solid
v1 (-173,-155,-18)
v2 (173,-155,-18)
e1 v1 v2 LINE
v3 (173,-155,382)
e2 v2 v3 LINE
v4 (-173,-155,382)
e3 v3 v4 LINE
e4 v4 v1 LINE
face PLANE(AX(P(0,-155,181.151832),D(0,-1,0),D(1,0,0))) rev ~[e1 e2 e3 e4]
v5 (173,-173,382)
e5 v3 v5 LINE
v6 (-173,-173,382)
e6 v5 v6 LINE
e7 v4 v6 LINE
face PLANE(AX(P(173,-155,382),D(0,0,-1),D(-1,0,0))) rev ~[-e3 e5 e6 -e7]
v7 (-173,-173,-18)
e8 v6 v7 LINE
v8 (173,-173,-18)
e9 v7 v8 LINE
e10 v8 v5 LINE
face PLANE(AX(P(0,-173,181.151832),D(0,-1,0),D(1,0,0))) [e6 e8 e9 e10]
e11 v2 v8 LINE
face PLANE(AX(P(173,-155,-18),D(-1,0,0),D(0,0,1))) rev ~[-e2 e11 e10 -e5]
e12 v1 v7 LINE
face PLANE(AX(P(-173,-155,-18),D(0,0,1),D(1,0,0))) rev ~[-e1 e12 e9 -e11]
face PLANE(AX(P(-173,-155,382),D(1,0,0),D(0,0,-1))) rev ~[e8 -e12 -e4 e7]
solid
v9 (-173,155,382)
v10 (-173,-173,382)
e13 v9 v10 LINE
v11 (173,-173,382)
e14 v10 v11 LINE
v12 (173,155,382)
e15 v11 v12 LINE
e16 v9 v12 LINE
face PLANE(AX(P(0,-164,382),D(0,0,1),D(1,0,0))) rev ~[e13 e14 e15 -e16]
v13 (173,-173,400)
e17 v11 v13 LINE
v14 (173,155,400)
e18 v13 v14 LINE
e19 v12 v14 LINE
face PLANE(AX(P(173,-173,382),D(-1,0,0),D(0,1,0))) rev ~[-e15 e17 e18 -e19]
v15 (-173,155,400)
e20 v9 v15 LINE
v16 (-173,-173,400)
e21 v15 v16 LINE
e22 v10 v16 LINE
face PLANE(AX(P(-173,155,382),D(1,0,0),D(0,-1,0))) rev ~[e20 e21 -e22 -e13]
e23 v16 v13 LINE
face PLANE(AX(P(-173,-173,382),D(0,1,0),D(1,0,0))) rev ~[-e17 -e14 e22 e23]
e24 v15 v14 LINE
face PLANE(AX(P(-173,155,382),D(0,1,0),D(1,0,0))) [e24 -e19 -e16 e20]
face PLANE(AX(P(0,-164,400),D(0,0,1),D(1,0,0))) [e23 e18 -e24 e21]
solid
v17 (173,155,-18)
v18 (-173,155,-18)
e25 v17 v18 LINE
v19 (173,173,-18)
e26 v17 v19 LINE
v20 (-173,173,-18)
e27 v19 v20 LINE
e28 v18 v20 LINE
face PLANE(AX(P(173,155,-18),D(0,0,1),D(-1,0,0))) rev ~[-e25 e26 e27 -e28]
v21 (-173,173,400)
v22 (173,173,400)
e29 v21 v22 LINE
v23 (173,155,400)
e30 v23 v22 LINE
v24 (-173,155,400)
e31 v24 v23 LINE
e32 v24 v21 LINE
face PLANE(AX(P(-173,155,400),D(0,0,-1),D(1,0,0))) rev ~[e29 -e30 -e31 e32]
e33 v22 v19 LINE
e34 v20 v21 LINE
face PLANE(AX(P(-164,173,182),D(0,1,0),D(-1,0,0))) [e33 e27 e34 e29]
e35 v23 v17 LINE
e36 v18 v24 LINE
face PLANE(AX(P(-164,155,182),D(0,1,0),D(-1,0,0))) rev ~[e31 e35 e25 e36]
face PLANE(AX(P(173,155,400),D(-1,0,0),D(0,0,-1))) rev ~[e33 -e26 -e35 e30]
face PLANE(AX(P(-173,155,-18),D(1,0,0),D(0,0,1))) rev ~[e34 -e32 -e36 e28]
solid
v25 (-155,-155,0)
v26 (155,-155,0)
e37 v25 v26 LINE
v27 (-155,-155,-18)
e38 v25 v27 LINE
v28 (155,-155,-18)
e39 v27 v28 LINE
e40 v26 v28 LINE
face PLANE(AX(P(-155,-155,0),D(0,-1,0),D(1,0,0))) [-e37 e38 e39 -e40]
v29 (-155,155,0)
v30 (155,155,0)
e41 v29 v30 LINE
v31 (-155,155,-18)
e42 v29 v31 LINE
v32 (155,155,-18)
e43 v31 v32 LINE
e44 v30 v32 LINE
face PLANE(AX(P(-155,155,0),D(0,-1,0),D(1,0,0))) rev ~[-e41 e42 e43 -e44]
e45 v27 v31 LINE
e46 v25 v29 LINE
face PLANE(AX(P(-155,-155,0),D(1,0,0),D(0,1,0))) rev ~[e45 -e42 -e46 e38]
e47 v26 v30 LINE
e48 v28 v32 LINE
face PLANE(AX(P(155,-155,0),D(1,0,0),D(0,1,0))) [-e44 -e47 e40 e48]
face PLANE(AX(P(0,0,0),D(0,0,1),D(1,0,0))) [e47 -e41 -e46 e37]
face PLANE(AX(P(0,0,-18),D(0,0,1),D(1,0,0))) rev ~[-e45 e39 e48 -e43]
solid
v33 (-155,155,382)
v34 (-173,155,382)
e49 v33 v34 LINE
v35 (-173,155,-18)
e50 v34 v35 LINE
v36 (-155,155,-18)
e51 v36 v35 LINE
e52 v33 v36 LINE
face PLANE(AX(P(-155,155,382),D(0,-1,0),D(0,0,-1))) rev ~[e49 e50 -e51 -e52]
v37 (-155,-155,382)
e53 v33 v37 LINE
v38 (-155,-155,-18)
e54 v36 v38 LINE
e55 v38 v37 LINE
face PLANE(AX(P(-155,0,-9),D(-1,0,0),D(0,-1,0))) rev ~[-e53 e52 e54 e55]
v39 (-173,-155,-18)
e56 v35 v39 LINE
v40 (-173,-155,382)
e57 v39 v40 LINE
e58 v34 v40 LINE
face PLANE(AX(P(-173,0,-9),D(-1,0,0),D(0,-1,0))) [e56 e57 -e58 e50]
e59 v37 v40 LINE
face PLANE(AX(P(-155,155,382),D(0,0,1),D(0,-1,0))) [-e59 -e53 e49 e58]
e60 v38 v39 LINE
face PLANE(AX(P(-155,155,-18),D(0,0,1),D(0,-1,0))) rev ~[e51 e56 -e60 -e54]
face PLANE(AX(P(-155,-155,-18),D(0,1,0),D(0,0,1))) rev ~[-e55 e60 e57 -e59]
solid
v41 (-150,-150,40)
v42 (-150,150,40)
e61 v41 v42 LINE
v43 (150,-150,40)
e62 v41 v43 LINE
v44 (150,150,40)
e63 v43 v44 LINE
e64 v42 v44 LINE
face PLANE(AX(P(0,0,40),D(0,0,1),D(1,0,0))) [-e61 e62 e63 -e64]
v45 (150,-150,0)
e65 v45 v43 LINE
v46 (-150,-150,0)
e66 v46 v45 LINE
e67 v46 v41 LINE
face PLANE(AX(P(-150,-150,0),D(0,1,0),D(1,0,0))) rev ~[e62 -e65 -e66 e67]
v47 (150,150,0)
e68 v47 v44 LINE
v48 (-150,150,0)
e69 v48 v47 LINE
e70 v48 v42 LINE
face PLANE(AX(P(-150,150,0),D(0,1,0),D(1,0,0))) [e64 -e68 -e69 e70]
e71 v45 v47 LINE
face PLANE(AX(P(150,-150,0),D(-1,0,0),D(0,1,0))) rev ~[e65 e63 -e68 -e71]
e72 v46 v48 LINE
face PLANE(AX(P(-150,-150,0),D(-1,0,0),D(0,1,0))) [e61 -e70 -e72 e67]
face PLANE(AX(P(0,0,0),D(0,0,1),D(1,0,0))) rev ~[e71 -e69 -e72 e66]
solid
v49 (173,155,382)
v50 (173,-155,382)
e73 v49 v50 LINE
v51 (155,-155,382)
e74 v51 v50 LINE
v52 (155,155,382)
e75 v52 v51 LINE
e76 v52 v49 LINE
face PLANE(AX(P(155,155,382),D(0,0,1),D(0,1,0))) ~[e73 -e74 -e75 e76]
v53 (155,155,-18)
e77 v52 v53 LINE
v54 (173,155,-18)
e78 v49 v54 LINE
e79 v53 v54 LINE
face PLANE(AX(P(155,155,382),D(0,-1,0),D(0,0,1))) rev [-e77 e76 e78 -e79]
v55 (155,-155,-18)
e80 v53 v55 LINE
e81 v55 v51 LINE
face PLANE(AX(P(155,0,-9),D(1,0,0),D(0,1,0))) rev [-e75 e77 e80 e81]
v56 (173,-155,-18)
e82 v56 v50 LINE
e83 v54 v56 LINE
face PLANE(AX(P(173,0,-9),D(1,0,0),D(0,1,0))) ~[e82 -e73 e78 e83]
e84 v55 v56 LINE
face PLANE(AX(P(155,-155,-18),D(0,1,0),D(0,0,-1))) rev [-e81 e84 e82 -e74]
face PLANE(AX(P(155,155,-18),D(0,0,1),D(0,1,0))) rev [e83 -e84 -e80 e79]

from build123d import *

# Parameters (mm, degrees)
F0_W      = 300
F0_H      = 300
F1_DEPTH  = 40
F0_W_2    = 310
F0_H_2    = 310
F2_DEPTH  = 18
F3_W      = 310
F3_H      = 18
F3_H_2    = 382
F4_DEPTH  = 18
F6_W      = 310
F6_H      = 18
F7_DEPTH  = 18
F8_W      = 346
F8_H      = 18
F8_H_2    = 310
F9_DEPTH  = 18
F10_W     = 18
F10_H     = 400
F11_DEPTH = 18


with BuildPart() as f1:
    # F0 (on Top) → F1 (new body)
    with BuildSketch(Plane.XY):
        Rectangle(F0_W, F0_H)
    extrude(amount=F1_DEPTH)


with BuildPart() as f2:
    # F0 (on Top) → F2 (new body)
    with BuildSketch(Plane.XY):
        Rectangle(F0_W_2, F0_H_2)
        Rectangle(F0_W, F0_H, mode=Mode.SUBTRACT)
        Rectangle(F0_W, F0_H)
    extrude(amount=-F2_DEPTH)


with BuildPart() as f4:
    # F3 (on face) → F4 (new body)
    with BuildSketch(Plane(origin=(-155, 0, 0), x_dir=(0, -1, 0), z_dir=(-1, 0, 0))):
        with Locations((0, -9)):
            Rectangle(F3_W, F3_H)
        with Locations((0, 191)):
            Rectangle(F3_W, F3_H_2)
    extrude(amount=F4_DEPTH)


with BuildPart() as f5_1:
    # F5: instance of F4
    add(f4.part.mirror(Plane.YZ))


with BuildPart() as f7:
    # F6 (on face) → F7 (new body)
    with BuildSketch(Plane.XZ.offset(155)):
        Polygon((-173, 382), (-173, -18), (-155, -18), (-155, 0), (155, 0), (155, -18), (173, -18), (173, 382), align=None)
        with Locations((0, -9)):
            Rectangle(F6_W, F6_H)
    extrude(amount=F7_DEPTH)


with BuildPart() as f9:
    # F8 (on face) → F9 (new body)
    with BuildSketch(Plane.XY.offset(382)):
        with Locations((0, -164)):
            Rectangle(F8_W, F8_H)
        Rectangle(F8_W, F8_H_2)
    extrude(amount=F9_DEPTH)


with BuildPart() as f11:
    # F10 (on face) → F11 (new body)
    with BuildSketch(Plane(origin=(0, 155, 0), x_dir=(-1, 0, 0), z_dir=(0, 1, 0))):
        with Locations((164, 182)):
            Rectangle(F10_W, F10_H)
        Polygon((-173, -18), (155, -18), (155, 382), (173, 382), (173, 400), (-173, 400), align=None)
    extrude(amount=F11_DEPTH)


solid = Compound([f1.part, f2.part, f4.part, f5_1.part, f7.part, f9.part, f11.part])
